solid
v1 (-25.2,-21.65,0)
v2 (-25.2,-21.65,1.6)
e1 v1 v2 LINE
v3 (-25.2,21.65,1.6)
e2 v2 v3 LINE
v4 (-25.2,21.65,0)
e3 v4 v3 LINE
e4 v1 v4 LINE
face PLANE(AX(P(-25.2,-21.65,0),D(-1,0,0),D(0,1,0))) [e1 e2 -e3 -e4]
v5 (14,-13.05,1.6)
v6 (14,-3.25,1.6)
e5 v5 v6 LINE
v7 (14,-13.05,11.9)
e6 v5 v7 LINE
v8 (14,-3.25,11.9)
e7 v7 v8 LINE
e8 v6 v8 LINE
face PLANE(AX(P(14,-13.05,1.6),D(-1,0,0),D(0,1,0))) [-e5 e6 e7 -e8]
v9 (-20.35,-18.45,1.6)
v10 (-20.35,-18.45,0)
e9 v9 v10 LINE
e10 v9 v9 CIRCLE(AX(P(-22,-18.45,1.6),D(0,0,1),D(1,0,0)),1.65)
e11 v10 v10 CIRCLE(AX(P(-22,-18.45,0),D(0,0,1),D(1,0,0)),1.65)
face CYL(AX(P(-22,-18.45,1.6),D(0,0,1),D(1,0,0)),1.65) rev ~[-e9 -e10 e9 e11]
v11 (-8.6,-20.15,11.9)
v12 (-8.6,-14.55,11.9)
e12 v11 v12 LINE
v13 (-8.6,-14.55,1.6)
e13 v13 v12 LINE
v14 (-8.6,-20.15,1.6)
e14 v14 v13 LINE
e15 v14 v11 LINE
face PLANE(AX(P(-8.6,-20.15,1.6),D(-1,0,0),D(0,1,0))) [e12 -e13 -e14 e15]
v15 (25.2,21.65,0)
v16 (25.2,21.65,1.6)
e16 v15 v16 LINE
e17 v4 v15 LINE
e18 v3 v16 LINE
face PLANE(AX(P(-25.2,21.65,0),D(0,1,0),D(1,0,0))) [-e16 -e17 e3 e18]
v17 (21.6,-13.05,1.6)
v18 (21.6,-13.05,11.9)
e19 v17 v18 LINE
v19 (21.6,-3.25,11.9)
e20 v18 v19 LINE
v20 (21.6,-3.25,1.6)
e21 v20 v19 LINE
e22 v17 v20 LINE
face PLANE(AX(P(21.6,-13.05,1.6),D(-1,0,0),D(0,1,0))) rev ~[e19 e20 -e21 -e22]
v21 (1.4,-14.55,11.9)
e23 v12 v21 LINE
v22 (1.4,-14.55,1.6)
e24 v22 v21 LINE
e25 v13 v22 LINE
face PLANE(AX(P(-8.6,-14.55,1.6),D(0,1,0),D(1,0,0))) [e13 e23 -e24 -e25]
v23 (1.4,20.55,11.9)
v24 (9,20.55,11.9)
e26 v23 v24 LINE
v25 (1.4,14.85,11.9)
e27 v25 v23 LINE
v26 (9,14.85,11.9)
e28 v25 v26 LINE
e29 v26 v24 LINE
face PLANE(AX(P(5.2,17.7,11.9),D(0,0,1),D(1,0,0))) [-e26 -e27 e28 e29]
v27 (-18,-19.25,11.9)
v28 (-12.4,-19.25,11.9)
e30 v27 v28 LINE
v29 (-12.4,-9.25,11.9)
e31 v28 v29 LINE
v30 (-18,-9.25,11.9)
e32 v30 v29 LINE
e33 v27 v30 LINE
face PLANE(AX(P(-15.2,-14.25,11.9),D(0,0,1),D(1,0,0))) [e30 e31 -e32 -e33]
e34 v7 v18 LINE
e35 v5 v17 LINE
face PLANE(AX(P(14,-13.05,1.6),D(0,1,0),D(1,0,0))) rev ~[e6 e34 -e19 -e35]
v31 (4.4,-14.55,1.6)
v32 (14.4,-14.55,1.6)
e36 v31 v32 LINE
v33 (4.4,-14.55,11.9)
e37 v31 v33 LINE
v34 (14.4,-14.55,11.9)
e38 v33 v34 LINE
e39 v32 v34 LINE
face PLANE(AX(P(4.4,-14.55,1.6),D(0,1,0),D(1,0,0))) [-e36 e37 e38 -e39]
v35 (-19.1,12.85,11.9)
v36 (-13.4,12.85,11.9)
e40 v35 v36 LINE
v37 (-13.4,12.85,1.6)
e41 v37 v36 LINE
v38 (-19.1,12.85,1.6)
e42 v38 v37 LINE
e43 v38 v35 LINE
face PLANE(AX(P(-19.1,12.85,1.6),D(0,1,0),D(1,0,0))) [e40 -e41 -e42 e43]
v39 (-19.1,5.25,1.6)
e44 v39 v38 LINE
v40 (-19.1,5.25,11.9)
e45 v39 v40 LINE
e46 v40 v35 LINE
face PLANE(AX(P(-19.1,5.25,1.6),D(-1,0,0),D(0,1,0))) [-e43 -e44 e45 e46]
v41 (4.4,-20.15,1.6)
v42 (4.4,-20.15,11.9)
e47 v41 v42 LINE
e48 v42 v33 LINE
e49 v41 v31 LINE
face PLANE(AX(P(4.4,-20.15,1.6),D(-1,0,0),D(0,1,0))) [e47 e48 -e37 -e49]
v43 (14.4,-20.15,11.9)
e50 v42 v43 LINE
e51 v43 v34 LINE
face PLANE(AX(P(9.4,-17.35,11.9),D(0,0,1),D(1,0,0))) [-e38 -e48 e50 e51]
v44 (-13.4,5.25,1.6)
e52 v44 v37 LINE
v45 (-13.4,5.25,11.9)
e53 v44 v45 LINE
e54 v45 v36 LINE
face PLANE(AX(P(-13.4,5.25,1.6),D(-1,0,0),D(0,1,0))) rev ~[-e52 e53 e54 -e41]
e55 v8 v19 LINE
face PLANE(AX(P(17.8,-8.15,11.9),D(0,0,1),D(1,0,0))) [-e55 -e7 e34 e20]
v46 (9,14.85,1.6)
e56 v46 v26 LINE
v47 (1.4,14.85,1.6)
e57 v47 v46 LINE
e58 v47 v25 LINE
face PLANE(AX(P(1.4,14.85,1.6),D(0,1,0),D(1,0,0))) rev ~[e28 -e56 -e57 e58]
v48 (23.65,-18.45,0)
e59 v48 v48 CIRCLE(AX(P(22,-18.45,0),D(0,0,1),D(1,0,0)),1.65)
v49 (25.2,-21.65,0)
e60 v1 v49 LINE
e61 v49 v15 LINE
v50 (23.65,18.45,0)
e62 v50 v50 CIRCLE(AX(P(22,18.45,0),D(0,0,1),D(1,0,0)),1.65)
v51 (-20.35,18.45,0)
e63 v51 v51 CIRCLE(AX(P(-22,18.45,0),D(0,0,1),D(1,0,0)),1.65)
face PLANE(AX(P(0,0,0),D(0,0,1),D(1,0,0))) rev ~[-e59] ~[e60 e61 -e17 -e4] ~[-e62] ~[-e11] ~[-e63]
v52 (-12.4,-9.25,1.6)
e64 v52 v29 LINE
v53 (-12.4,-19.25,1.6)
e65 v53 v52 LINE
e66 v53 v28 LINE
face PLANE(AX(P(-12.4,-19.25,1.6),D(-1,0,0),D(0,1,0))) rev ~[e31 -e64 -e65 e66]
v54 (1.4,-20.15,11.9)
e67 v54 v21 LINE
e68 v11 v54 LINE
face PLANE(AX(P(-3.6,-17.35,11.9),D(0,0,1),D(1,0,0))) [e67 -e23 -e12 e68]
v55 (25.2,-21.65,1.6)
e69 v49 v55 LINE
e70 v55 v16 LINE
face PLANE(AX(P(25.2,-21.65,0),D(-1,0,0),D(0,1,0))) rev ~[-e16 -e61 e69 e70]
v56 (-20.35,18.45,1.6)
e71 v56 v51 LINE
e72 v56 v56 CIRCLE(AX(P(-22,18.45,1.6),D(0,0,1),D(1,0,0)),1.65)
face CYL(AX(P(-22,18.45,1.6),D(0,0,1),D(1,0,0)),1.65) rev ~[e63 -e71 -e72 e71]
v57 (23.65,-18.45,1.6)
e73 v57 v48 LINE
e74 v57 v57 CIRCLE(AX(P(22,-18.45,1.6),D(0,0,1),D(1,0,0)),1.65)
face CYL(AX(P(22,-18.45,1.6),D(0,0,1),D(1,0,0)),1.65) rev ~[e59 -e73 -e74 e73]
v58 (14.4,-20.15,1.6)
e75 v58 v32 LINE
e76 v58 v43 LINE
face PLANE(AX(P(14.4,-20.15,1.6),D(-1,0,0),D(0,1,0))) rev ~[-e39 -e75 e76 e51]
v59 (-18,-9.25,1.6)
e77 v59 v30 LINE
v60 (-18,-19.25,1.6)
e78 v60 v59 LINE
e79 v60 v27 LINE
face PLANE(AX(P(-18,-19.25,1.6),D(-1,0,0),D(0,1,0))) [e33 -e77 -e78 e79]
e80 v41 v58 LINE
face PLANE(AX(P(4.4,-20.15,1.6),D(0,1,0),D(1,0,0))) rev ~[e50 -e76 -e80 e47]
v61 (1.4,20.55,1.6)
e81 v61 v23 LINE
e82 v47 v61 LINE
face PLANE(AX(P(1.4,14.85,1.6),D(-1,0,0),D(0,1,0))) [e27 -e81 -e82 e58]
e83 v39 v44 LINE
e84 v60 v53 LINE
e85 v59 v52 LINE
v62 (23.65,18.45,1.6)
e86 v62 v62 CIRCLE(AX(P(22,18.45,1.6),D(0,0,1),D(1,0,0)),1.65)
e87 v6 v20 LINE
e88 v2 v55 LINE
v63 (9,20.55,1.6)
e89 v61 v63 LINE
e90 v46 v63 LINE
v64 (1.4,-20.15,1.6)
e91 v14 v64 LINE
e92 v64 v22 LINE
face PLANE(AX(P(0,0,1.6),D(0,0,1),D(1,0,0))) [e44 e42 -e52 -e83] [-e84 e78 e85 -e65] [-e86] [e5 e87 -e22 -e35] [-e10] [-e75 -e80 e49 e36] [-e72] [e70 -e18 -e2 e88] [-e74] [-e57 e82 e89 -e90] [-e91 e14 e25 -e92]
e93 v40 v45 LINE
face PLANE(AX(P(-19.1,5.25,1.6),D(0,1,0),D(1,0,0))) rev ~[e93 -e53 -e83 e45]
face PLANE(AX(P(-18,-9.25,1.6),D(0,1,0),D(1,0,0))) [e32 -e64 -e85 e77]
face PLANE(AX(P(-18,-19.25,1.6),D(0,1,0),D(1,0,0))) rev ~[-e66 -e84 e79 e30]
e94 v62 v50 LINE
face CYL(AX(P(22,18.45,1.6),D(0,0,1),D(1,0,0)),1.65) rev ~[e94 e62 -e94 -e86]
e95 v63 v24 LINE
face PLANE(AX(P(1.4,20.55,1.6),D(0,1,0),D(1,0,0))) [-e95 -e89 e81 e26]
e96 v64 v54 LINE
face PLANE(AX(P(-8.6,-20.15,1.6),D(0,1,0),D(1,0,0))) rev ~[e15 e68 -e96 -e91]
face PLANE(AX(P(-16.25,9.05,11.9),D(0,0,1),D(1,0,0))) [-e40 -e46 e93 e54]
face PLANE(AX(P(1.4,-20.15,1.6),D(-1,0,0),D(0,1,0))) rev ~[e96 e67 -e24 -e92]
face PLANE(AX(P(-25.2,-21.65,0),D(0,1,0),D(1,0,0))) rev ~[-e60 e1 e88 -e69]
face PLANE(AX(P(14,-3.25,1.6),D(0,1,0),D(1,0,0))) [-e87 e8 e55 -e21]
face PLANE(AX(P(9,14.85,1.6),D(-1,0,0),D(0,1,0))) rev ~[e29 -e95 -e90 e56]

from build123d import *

# Parameters (mm, degrees)
SKETCH_W      = 50.4
SKETCH_H      = 43.3
PAD_DEPTH     = 1.6
SKETCH001_R   = 1.65
HOLE_DEPTH    = 1.601
SKETCH002_W   = 10
SKETCH002_H   = 5.6
SKETCH002_W_2 = 5.6
SKETCH002_H_2 = 10
SKETCH002_W_3 = 5.7
SKETCH002_H_3 = 7.6
SKETCH002_W_4 = 7.6
SKETCH002_H_4 = 5.7
SKETCH002_H_5 = 9.8
PAD001_DEPTH  = 10.3


with BuildPart() as part:
    # Sketch → Pad (new body)
    with BuildSketch(Plane.XY):
        Rectangle(SKETCH_W, SKETCH_H)
    extrude(amount=PAD_DEPTH)

    # Sketch001 (on Face6 of Pad) → Hole (cut, through all)
    with BuildSketch(Plane.XY.offset(1.6)):
        with Locations((-22, 18.45)):
            Circle(SKETCH001_R)
        with Locations((22, 18.45)):
            Circle(SKETCH001_R)
        with Locations((-22, -18.45)):
            Circle(SKETCH001_R)
        with Locations((22, -18.45)):
            Circle(SKETCH001_R)
    extrude(amount=-HOLE_DEPTH, mode=Mode.SUBTRACT)

    # Sketch002 (on Face5 of Hole) → Pad001 (join)
    with BuildSketch(Plane.XY.offset(1.6)):
        with Locations((9.4, -17.35)):
            Rectangle(SKETCH002_W, SKETCH002_H)
        with Locations((-3.6, -17.35)):
            Rectangle(SKETCH002_W, SKETCH002_H)
        with Locations((-15.2, -14.25)):
            Rectangle(SKETCH002_W_2, SKETCH002_H_2)
        with Locations((-16.25, 9.05)):
            Rectangle(SKETCH002_W_3, SKETCH002_H_3)
        with Locations((5.2, 17.7)):
            Rectangle(SKETCH002_W_4, SKETCH002_H_4)
        with Locations((17.8, -8.15)):
            Rectangle(SKETCH002_W_4, SKETCH002_H_5)
    extrude(amount=PAD001_DEPTH)


solid = part.part
